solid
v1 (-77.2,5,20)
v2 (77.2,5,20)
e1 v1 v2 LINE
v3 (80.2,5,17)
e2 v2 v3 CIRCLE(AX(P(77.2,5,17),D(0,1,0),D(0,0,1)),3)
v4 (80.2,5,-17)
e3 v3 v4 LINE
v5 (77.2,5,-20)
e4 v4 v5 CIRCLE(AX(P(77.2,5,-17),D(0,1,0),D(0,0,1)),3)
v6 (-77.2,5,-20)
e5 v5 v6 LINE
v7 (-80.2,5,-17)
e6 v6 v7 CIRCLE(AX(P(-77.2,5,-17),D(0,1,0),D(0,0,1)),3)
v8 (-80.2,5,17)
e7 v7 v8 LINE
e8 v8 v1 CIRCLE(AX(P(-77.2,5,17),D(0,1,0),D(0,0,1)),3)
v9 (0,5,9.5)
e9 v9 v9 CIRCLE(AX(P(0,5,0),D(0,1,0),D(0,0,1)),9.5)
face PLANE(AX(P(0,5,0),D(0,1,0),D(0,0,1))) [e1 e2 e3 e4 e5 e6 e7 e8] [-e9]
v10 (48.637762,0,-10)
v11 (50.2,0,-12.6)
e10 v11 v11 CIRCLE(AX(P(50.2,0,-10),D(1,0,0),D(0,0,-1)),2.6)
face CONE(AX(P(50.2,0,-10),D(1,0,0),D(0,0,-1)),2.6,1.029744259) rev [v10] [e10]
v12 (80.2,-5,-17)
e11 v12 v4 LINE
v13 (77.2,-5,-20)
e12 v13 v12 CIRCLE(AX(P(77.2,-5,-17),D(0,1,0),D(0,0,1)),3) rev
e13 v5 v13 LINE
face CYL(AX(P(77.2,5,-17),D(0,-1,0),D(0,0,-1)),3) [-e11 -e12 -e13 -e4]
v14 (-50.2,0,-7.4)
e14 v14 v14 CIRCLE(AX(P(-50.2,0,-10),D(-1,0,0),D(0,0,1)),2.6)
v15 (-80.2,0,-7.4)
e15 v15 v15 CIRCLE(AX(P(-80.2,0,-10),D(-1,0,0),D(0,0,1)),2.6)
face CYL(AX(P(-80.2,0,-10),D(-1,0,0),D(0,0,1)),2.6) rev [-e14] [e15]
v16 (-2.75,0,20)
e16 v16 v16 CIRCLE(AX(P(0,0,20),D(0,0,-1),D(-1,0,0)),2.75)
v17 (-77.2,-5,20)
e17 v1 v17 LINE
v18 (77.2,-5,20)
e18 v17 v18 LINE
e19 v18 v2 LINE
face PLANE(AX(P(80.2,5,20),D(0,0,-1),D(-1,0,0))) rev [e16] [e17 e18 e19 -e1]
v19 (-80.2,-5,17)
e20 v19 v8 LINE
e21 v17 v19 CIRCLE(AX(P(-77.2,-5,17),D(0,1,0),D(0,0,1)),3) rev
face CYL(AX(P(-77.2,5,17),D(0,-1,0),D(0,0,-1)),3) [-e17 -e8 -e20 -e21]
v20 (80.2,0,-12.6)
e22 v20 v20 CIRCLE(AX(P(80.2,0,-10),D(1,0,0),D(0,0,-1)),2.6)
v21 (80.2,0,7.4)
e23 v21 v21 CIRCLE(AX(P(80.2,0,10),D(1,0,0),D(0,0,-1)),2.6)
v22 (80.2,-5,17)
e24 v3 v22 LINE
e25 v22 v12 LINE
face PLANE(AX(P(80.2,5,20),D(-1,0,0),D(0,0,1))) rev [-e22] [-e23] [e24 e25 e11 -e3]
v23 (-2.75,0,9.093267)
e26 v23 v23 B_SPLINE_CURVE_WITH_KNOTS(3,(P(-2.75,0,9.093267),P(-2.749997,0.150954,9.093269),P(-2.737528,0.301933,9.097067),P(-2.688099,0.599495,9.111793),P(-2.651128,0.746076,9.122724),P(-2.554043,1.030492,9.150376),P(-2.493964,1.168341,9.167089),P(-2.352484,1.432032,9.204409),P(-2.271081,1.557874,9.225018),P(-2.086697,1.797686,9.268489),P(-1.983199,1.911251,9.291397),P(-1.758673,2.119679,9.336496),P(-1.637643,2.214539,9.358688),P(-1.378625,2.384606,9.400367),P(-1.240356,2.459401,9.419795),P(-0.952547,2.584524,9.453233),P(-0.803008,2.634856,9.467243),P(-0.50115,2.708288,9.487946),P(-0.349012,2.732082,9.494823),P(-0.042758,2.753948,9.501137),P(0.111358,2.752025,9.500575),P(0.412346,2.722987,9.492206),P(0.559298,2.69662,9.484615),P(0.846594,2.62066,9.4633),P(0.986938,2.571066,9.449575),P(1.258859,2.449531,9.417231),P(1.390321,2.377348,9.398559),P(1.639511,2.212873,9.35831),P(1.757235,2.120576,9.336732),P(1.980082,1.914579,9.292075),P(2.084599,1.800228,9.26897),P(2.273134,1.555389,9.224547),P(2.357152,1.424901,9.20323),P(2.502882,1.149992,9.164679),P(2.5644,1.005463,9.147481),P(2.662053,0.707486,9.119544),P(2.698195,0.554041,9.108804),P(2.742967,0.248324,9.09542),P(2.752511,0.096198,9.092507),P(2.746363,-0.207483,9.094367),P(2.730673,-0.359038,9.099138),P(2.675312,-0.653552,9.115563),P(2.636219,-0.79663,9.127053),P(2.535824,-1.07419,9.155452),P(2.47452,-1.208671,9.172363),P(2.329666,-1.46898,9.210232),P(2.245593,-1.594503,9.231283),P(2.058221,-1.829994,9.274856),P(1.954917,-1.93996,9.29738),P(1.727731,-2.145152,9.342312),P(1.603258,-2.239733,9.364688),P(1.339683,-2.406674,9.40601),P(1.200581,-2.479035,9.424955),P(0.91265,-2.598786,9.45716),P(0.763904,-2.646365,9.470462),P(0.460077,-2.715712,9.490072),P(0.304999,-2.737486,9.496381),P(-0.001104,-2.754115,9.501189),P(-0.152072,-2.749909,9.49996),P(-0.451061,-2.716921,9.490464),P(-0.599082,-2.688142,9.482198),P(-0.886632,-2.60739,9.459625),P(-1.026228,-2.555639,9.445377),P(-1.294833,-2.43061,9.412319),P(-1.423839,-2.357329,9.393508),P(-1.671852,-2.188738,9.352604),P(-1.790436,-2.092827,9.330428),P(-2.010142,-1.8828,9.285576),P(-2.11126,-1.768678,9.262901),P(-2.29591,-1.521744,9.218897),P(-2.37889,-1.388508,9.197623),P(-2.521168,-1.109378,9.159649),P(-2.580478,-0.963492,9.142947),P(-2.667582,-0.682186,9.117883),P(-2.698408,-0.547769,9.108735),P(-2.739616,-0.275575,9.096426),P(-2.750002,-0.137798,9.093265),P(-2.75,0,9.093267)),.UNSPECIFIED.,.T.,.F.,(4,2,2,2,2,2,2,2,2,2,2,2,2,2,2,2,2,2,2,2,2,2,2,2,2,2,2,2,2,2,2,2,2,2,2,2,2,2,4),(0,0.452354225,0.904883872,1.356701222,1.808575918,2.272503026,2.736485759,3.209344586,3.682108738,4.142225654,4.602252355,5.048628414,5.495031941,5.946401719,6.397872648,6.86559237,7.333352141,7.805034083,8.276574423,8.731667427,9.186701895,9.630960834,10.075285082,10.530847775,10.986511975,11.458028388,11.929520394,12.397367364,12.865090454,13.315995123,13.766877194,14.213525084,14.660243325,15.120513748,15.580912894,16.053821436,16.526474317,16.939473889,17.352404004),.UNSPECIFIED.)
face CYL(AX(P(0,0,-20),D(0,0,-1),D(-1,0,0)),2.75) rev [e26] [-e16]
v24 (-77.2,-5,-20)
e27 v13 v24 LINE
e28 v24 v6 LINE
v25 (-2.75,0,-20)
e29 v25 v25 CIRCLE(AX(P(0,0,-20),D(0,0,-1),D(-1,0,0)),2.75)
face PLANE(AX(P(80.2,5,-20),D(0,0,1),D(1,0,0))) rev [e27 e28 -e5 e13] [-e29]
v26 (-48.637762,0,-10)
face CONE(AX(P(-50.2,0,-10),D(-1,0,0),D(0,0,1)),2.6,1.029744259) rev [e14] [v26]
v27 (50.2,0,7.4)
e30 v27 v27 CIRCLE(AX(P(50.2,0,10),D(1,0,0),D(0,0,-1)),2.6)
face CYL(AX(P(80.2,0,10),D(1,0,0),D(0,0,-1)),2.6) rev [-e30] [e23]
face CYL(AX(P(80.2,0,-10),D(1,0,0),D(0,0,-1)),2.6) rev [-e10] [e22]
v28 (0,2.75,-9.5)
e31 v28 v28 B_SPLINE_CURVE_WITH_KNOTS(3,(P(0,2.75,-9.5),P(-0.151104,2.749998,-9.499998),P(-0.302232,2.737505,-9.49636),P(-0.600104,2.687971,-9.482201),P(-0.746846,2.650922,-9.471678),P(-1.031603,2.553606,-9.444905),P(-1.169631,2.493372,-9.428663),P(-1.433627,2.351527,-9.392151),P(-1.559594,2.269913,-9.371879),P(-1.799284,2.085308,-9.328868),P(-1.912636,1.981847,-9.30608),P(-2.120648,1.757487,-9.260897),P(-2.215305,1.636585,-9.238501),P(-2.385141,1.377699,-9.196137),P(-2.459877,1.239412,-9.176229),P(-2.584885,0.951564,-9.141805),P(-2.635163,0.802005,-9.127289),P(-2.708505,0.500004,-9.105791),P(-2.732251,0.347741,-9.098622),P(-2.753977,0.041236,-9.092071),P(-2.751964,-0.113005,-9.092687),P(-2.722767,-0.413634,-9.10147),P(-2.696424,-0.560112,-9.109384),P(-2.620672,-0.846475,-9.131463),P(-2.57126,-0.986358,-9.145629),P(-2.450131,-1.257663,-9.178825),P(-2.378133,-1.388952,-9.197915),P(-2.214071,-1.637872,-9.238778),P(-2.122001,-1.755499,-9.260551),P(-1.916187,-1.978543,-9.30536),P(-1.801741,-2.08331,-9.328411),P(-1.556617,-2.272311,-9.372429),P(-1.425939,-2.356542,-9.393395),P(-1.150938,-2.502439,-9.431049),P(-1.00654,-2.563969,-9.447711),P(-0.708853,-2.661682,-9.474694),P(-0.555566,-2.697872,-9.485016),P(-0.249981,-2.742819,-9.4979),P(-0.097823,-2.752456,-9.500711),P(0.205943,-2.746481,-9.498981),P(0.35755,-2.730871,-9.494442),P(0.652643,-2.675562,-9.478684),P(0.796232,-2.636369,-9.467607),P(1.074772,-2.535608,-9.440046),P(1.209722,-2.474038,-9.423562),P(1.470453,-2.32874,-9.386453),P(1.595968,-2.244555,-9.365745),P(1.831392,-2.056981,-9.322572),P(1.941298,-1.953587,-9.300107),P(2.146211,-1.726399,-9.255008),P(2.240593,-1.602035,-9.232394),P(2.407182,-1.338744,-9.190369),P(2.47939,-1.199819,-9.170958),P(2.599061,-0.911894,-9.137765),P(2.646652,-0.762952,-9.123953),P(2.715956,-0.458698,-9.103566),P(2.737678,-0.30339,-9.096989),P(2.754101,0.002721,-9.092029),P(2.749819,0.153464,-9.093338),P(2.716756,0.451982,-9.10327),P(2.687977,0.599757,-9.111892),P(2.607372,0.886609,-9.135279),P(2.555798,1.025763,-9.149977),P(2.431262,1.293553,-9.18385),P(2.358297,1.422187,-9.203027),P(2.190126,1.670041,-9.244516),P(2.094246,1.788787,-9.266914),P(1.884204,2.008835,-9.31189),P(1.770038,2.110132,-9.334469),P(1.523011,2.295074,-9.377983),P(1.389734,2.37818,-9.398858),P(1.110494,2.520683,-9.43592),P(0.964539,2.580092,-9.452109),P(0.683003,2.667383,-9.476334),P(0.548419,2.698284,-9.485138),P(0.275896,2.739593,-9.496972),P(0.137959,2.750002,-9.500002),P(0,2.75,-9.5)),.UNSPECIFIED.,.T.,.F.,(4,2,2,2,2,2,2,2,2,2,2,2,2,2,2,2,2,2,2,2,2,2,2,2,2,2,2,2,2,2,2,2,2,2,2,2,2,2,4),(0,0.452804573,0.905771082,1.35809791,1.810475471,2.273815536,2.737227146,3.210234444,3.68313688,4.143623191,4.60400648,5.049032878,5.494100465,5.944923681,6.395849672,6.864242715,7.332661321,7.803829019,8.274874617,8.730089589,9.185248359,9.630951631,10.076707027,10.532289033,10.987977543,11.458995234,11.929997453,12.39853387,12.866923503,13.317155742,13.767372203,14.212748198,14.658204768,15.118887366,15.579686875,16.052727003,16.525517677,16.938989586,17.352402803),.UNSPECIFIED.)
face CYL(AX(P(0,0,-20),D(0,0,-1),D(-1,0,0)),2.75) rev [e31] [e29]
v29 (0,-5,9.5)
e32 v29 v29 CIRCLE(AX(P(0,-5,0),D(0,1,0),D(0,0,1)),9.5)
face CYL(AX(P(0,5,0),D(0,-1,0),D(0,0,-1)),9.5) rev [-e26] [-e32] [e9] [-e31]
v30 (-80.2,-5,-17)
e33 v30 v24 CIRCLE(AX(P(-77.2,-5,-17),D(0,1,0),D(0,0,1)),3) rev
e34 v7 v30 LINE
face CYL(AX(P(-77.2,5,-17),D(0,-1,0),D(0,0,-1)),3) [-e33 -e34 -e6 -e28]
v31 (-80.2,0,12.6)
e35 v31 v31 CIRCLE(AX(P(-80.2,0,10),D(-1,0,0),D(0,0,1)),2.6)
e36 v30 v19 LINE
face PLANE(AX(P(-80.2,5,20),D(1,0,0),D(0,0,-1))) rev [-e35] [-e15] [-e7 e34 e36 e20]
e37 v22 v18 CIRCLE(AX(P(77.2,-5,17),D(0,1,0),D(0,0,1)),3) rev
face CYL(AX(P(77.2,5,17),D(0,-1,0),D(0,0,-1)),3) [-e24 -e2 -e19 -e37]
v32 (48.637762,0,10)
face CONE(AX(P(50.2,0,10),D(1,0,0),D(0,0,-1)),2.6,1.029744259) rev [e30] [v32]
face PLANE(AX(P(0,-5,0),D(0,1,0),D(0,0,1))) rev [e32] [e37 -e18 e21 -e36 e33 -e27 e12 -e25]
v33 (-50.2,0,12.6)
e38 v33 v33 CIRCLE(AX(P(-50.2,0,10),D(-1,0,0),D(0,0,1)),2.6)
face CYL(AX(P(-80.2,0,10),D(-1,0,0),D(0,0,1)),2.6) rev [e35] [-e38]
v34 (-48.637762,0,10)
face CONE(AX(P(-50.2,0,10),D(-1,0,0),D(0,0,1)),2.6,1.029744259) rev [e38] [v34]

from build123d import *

# Parameters (mm, degrees)
SKETCH1_W                             = 160.4
SKETCH1_H                             = 40
SKETCH1_R                             = 9.5
BOSS_EXTRUDE1_DEPTH                   = 5
TAP_DRILL_FOR_M5_HELICOIL1_AT_2_COUNT = 2
TAP_DRILL_FOR_M5_HELICOIL1_AT_2_PITCH = 20
FILLET1_R                             = 3
M5_CLEARANCE_HOLE1_D                  = 5.5


with BuildPart() as part:
    # Sketch1 → Boss-Extrude1 (new body, symmetric)
    with BuildSketch(Plane(origin=(0, 0, 0), x_dir=(1, 0, 0), z_dir=(0, 1, 0))):
        Rectangle(SKETCH1_W, SKETCH1_H)
        Circle(SKETCH1_R, mode=Mode.SUBTRACT)
    extrude(amount=BOSS_EXTRUDE1_DEPTH, both=True)

    # Sketch4 → Tap Drill for M5 Helicoil1 (revolve, cut)
    with BuildSketch(Plane(origin=(-80.2, 0, -10), x_dir=(0, 0, 1), z_dir=(0, 1, 0))):
        Polygon((0, 0), (0, 31.562237609), (2.6, 30), (2.6, 0), align=None)
    tap_drill_for_m5_helicoil1 = revolve(axis=Axis((-86.55, 0, -10), (1, 0, 0)), mode=Mode.SUBTRACT)

    # Tap Drill for M5 Helicoil1 at 2: Tap Drill for M5 Helicoil1 ×2
    with Locations(*[(0, 0, i * TAP_DRILL_FOR_M5_HELICOIL1_AT_2_PITCH) for i in range(1, TAP_DRILL_FOR_M5_HELICOIL1_AT_2_COUNT)]):
        add(tap_drill_for_m5_helicoil1, mode=Mode.SUBTRACT)

    # Mirror1: Tap Drill for M5 Helicoil1 across plane
    add(tap_drill_for_m5_helicoil1.mirror(Plane(origin=(0, 0, 0), x_dir=(0, 0, 1), z_dir=(1, 0, 0))), mode=Mode.SUBTRACT)

    # Mirror1 copy 1 sketch → Mirror1 copy 1 (revolve, cut)
    with BuildSketch(Plane(origin=(80.2, 0, 10), x_dir=(0, 0, 1), z_dir=(0, 1, 0))):
        Polygon((0, 0), (0, -31.562237609), (2.6, -30), (2.6, 0), align=None)
    revolve(axis=Axis((86.55, 0, 10), (1, 0, 0)), mode=Mode.SUBTRACT)

    # Fillet1
    fillet1_edges = [part.edges().sort_by_distance(p)[0] for p in [
        (-80.2, 0, -20),
        (80.2, 0, -20),
        (80.2, 0, 20),
        (-80.2, 0, 20),
    ]]
    fillet(fillet1_edges, radius=FILLET1_R)

    # M5 Clearance Hole1 (through all)
    with Locations(Plane(origin=(0, 0, -20), x_dir=(-1, 0, 0), z_dir=(0, 0, -1))):
        with Locations((0, 0)):
            Hole(M5_CLEARANCE_HOLE1_D / 2)


solid = part.part
